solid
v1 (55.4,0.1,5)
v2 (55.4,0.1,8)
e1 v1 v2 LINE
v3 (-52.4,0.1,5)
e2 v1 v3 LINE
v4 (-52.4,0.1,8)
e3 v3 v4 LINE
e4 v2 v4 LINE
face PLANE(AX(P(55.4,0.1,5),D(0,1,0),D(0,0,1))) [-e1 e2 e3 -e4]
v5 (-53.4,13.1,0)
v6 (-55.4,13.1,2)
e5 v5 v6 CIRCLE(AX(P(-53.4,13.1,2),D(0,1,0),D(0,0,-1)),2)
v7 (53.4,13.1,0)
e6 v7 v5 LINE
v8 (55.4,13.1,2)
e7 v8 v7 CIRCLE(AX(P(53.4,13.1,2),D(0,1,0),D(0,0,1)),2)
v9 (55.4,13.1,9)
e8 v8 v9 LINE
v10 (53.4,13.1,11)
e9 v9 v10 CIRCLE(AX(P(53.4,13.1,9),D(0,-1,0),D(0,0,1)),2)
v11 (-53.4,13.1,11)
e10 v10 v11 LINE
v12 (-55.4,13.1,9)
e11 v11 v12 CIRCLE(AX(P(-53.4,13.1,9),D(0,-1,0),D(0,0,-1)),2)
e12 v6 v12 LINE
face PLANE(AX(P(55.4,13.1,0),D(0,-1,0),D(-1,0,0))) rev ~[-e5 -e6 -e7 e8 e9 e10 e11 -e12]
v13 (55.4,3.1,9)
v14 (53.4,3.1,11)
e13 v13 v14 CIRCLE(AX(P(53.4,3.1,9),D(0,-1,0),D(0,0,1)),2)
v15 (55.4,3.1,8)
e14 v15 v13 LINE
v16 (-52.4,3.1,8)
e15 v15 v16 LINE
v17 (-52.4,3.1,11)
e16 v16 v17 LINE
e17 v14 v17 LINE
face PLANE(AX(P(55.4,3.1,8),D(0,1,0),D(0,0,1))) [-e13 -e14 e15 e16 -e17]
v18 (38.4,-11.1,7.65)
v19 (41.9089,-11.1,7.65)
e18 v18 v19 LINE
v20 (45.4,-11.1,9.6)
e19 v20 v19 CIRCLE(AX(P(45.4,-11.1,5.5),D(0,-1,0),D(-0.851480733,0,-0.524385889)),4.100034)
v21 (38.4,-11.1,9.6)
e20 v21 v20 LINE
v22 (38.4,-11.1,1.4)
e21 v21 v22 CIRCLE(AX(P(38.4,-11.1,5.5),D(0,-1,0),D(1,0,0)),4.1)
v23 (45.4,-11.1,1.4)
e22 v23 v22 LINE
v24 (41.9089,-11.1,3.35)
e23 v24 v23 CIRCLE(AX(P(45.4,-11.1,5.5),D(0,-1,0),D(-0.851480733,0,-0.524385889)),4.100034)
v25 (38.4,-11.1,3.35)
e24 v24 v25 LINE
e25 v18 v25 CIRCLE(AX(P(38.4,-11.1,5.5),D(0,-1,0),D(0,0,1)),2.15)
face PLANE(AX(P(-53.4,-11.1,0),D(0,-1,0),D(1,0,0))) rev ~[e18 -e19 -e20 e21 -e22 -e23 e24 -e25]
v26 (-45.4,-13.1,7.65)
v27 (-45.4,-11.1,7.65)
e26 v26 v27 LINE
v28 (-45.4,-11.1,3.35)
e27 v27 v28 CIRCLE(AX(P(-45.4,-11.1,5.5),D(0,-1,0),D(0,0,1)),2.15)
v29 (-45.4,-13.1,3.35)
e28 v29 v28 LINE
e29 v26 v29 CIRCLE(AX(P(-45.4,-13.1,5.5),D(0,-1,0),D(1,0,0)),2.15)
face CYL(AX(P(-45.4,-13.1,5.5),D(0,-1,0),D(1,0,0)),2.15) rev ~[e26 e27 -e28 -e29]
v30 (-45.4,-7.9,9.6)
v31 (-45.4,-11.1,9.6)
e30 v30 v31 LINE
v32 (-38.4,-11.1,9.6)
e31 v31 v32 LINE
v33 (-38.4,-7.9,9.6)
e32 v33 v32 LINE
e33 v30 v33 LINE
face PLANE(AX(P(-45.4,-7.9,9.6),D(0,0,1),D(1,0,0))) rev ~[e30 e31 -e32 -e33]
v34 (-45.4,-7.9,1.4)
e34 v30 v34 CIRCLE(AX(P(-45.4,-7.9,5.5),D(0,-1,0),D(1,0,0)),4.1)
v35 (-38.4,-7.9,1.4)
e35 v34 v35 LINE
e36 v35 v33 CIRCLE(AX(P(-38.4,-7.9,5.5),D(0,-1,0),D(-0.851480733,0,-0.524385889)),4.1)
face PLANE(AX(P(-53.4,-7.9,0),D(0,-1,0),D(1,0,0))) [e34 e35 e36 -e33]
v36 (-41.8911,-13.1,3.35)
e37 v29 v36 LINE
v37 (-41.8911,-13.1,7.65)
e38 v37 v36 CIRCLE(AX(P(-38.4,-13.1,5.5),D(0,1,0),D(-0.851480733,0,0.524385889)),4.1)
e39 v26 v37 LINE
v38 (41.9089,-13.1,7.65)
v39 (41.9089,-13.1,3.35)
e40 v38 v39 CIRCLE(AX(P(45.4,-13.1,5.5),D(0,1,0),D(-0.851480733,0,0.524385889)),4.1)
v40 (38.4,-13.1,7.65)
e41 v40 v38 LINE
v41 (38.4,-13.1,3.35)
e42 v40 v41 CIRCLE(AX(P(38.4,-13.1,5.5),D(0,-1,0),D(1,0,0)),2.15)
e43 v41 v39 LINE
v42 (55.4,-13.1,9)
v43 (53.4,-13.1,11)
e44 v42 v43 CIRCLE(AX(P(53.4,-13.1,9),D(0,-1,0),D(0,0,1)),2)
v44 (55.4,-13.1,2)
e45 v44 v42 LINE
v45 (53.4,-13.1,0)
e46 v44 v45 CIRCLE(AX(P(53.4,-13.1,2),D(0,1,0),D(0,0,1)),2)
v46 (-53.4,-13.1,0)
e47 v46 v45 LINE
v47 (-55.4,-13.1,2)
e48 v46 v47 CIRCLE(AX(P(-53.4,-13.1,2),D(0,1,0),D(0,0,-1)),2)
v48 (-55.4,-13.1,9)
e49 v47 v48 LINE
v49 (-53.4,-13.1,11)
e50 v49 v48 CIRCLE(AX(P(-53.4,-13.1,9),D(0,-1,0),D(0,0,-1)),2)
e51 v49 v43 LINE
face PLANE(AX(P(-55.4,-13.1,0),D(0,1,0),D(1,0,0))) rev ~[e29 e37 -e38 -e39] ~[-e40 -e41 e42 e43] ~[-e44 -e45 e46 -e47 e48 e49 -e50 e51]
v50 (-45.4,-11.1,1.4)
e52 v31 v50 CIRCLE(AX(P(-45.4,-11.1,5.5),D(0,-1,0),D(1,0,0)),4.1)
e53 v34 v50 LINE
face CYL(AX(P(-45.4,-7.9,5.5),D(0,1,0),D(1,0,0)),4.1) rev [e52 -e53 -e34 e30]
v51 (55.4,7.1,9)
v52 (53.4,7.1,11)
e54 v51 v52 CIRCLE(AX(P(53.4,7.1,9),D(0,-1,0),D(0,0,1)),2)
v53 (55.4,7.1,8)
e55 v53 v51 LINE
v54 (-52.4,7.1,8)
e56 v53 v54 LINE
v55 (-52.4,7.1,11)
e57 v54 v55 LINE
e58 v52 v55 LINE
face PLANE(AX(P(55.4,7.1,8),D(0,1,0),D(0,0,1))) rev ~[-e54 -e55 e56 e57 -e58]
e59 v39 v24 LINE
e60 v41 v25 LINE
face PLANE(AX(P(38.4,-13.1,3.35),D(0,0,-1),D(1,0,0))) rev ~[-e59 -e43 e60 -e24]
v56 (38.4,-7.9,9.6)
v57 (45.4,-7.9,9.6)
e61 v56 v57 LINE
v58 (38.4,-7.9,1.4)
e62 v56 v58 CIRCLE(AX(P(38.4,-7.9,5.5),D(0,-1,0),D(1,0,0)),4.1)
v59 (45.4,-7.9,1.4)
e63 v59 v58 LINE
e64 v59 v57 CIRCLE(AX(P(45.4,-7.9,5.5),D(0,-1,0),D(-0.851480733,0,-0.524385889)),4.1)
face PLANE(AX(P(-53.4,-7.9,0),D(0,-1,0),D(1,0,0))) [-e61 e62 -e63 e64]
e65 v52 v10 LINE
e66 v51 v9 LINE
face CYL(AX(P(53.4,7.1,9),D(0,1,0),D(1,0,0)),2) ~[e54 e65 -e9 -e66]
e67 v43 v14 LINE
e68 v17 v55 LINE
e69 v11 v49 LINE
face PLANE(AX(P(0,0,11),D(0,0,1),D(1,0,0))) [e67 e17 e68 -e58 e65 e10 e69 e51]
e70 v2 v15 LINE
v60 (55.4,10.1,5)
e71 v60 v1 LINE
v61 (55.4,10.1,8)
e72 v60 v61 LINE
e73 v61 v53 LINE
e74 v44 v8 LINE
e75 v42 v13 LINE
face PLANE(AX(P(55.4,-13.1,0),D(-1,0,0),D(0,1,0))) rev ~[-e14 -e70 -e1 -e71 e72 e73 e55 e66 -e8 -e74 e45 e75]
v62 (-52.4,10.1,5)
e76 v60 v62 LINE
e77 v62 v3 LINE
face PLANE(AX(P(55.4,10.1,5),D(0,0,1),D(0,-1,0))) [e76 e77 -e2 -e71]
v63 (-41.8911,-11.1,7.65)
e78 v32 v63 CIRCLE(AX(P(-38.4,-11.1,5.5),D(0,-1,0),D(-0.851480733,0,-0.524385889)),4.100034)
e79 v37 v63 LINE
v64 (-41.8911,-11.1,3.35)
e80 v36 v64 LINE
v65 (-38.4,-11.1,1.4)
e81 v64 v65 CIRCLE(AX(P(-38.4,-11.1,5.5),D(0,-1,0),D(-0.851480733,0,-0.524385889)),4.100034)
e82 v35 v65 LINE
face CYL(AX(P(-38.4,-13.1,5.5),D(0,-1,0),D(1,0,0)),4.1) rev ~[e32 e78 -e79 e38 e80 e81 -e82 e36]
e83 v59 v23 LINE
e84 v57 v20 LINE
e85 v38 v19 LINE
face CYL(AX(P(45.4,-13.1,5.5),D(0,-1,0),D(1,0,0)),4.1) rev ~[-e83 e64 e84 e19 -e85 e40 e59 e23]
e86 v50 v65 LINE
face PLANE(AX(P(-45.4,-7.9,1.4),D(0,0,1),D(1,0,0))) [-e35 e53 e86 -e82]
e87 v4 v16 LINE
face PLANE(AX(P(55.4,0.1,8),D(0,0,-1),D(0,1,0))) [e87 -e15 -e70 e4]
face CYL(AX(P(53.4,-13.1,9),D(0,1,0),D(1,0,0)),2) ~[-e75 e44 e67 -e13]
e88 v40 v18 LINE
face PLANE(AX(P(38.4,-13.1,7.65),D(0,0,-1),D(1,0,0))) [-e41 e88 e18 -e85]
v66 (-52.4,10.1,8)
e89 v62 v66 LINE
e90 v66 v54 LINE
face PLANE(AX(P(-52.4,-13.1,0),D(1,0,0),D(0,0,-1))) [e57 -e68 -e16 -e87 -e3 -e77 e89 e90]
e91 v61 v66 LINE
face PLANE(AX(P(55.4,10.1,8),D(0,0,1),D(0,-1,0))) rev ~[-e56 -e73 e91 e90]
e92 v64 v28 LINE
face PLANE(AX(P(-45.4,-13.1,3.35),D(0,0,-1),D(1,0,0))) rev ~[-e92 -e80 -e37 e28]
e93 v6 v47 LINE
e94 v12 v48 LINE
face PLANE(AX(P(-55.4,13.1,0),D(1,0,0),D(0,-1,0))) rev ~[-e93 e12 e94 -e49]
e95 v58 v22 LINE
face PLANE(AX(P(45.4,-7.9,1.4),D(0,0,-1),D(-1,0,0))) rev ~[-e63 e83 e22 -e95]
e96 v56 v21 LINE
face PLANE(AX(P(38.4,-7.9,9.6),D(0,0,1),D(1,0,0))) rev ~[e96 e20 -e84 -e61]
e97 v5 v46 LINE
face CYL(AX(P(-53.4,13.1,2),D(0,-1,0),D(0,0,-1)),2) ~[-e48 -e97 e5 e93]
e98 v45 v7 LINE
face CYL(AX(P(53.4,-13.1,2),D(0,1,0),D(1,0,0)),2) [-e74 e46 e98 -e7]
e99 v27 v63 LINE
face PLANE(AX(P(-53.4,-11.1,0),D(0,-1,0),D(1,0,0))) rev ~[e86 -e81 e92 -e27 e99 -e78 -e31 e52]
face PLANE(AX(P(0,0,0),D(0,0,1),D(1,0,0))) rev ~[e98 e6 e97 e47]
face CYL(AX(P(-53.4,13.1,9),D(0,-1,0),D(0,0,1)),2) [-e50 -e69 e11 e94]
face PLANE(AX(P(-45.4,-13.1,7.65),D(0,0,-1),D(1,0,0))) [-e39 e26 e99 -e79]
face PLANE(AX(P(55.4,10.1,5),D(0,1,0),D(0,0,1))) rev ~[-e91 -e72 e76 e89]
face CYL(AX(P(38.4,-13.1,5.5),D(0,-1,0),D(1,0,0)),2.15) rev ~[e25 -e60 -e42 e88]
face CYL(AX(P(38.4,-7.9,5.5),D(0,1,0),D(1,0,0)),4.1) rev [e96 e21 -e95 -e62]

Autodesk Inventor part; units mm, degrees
ref_plane "YZ Plane" through (0, 0, 0) normal (1, 0, 0) x (0, 1, 0)
ref_plane "XZ Plane" through (0, 0, 0) normal (0, 1, 0) x (-1, 0, 0)
ref_plane "XY Plane" through (0, 0, 0) normal (0, 0, 1) x (1, 0, 0)
sketch "Sketch1" plane through (0, 0, 0) normal (0, 0, 1) x (1, 0, 0)
  line L0 (55.4, 13.1) -> (-55.4, 13.1)
  line L1 (-55.4, 13.1) -> (-55.4, -13.1)
  line L2 (-55.4, -13.1) -> (55.4, -13.1)
  line L3 (55.4, -13.1) -> (55.4, 13.1)
  line L4 (55.4, 13.1) -> (-55.4, -13.1) construction
  line L5 (-55.4, 13.1) -> (55.4, -13.1) construction
  point P0 (0, 0)
  dimension "d0" = 110.8
  dimension "d1" = 26.2
extrude "Extrusion1" add sketch "Sketch1" along normal blind 11
sketch "Sketch2" plane through (55.4, -13.1, 0) normal (1, 0, 0) x (0, 0, -1)
  line L0 (0, 0) -> (0, 26.2) projected
  line L1 (0, 26.2) -> (-11, 26.2) projected
  line L2 (-11, 0) -> (-11, 26.2) projected
  line L3 (0, 0) -> (-11, 0) projected
  line L4 (-11, 26.2) -> (-11, 0) projected
  line L5 (-11, 26.2) -> (-5, 26.2)
  line L6 (-5, 26.2) -> (-5, 23.2)
  line L7 (-5, 23.2) -> (-11, 23.2)
  line L8 (-11, 23.2) -> (-11, 26.2)
  line L9 (-11, 23.2) -> (-8, 23.2)
  line L10 (-8, 23.2) -> (-8, 20.2)
  line L11 (-8, 20.2) -> (-11, 20.2)
  line L12 (-11, 20.2) -> (-11, 23.2)
  line L13 (-11, 26.2) -> (-5, 26.2)
  line L14 (-5, 26.2) -> (-5, 10.2)
  line L15 (-5, 10.2) -> (-11, 10.2)
  line L16 (-11, 10.2) -> (-11, 26.2)
  line L17 (-11, 10.2) -> (-5, 10.2)
  line L18 (-5, 10.2) -> (-5, 13.2)
  line L19 (-5, 13.2) -> (-11, 13.2)
  line L20 (-11, 13.2) -> (-11, 10.2)
  line L21 (-11, 13.2) -> (-8, 13.2)
  line L22 (-8, 13.2) -> (-8, 16.2)
  line L23 (-8, 16.2) -> (-11, 16.2)
  line L24 (-11, 16.2) -> (-11, 13.2)
  point P0 (0, 13.1)
  point P1 (-11, 20.2)
  dimension "d4" = 6
  dimension "d5" = 3
  dimension "d6" = 3
  dimension "d7" = 3
  dimension "d8" = 16
  dimension "d9" = 3
  dimension "d10" = 3
  dimension "d11" = 3
extrude "Extrusion2" cut sketch "Sketch2" against normal blind 107.8 contours L14 L19 L22 L23 L2 L11 L10 L7
fillet "Fillet1" radius 2 5 edges at (55.4, 10.1, 11) (55.4, -5, 11) (-55.4, 0, 11) (55.4, 0, 0) (-55.4, 0, 0)
sketch "Sketch4" plane through (-53.4, -13.1, 0) normal (0, -1, 0) x (1, 0, 0)
  arc A0 (-2, 2) -> (0, 0) centre (0, 2) ccw projected
  line L0 (0, 0) -> (106.8, 0) projected
  arc A1 (106.8, 0) -> (108.8, 2) centre (106.8, 2) ccw projected
  line L1 (108.8, 2) -> (108.8, 9) projected
  arc A2 (108.8, 9) -> (106.8, 11) centre (106.8, 9) ccw projected
  line L2 (0, 11) -> (106.8, 11) projected
  arc A3 (0, 11) -> (-2, 9) centre (0, 9) ccw projected
  line L3 (-2, 2) -> (-2, 9) projected
  circle A4 centre (98.8, 5.5) radius 4.1
  circle A5 centre (91.8, 5.5) radius 2.15
  line L4 (91.8, 7.65) -> (95.3089, 7.65)
  line L5 (91.8, 3.35) -> (95.3089, 3.35)
  circle A6 centre (15, 5.5) radius 4.1
  circle A7 centre (8, 5.5) radius 2.15
  line L6 (8, 3.35) -> (11.5089, 3.35)
  line L7 (8, 7.65) -> (11.5089, 7.65)
  point P0 (53.4, 0)
  point P1 (108.8, 5.5)
  point P2 (12.2407, 8.5325)
  point P3 (8.4381, 3.3951)
  point P4 (11.1965, 3.9692)
  point P5 (-2, 5.5)
  dimension "d19" = 8.2
  dimension "d20" = 4.3
  dimension "d21" = 7
  dimension "d22" = 0
  dimension "d23" = 10
  dimension "d24" = 8.2
  dimension "d25" = 4.3
  dimension "d26" = 7
  dimension "d27" = 10
  dimension "d28" = 0
  dimension "d40" = 0
extrude "Extrusion4" cut sketch "Sketch4" against normal blind 5.2 contours A4 | A4 L5 A5 L4 | A5 | A6 | A6 L6 A7 L7 | A7
sketch "Sketch5" plane through (-53.4, -13.1, 0) normal (0, -1, 0) x (1, 0, 0)
  arc A0 (8, 7.65) -> (8, 3.35) centre (8, 5.5) ccw projected
  arc A1 (11.5089, 3.35) -> (11.5089, 7.65) centre (15, 5.5) ccw projected
  arc A2 (91.8, 7.65) -> (91.8, 3.35) centre (91.8, 5.5) ccw projected
  line L0 (91.8, 7.65) -> (95.3089, 7.65) projected
  arc A3 (95.3089, 3.35) -> (95.3089, 7.65) centre (98.8, 5.5) ccw projected
  line L1 (95.3089, 3.35) -> (91.8, 3.35) projected
  arc A4 (-2, 2) -> (0, 0) centre (0, 2) ccw projected
  line L2 (0, 0) -> (106.8, 0) projected
  arc A5 (106.8, 0) -> (108.8, 2) centre (106.8, 2) ccw projected
  line L3 (108.8, 2) -> (108.8, 9) projected
  arc A6 (108.8, 9) -> (106.8, 11) centre (106.8, 9) ccw projected
  line L4 (0, 11) -> (106.8, 11) projected
  arc A7 (0, 11) -> (-2, 9) centre (0, 9) ccw projected
  line L5 (-2, 2) -> (-2, 9) projected
  circle A8 centre (8, 5.5) radius 4.1
  line L6 (8, 9.6) -> (15, 9.6)
  line L7 (8, 1.4) -> (15, 1.4)
  arc A9 (11.5089, 3.35) -> (11.5089, 7.65) centre (15, 5.5) ccw projected
  circle A10 centre (91.8, 5.5) radius 4.1
  line L8 (91.8, 9.6) -> (98.8, 9.6)
  line L9 (98.8, 1.4) -> (91.8, 1.4)
  line L10 (8, 7.65) -> (11.5089, 7.65) projected
  line L11 (11.5089, 3.35) -> (8, 3.35) projected
  arc A11 (8, 7.65) -> (8, 3.35) centre (8, 5.5) ccw projected
  point P0 (53.4, 0)
  point P1 (19.1, 5.5)
  point P2 (19.1, 5.5)
  point P3 (5.85, 5.5)
  point P4 (89.65, 5.5)
  point P5 (12.4867, 2.2607)
  point P6 (12.4867, 8.7393)
  point P7 (96.275, 2.2698)
  point P8 (96.275, 8.7302)
  point P9 (5.85, 5.5)
  point P10 (95.2911, 7.65)
  point P11 (95.2911, 3.35)
  point P12 (11.4911, 3.35)
  point P13 (11.4911, 7.65)
  dimension "d32" = 8.2
  dimension "d33" = 0
  dimension "d35" = 8.2
  dimension "d36" = 0
  dimension "d42" = 0
  dimension "d43" = 0
extrude "Extrusion5" cut sketch "Sketch5" along normal blind 3.2 from surface at -5.2 contours L10 A8 L11 A0 | A0 L11 A8 L10 | A8 L6 A1 L10 | L11 A1 L7 A8 | L0 A10 L1 A2 | A2 L1 A10 L0 | A10 L8 A3 L0 | L1 A3 L9 A10
properties part number "module-slot" material "PC/ABS Plastic"
